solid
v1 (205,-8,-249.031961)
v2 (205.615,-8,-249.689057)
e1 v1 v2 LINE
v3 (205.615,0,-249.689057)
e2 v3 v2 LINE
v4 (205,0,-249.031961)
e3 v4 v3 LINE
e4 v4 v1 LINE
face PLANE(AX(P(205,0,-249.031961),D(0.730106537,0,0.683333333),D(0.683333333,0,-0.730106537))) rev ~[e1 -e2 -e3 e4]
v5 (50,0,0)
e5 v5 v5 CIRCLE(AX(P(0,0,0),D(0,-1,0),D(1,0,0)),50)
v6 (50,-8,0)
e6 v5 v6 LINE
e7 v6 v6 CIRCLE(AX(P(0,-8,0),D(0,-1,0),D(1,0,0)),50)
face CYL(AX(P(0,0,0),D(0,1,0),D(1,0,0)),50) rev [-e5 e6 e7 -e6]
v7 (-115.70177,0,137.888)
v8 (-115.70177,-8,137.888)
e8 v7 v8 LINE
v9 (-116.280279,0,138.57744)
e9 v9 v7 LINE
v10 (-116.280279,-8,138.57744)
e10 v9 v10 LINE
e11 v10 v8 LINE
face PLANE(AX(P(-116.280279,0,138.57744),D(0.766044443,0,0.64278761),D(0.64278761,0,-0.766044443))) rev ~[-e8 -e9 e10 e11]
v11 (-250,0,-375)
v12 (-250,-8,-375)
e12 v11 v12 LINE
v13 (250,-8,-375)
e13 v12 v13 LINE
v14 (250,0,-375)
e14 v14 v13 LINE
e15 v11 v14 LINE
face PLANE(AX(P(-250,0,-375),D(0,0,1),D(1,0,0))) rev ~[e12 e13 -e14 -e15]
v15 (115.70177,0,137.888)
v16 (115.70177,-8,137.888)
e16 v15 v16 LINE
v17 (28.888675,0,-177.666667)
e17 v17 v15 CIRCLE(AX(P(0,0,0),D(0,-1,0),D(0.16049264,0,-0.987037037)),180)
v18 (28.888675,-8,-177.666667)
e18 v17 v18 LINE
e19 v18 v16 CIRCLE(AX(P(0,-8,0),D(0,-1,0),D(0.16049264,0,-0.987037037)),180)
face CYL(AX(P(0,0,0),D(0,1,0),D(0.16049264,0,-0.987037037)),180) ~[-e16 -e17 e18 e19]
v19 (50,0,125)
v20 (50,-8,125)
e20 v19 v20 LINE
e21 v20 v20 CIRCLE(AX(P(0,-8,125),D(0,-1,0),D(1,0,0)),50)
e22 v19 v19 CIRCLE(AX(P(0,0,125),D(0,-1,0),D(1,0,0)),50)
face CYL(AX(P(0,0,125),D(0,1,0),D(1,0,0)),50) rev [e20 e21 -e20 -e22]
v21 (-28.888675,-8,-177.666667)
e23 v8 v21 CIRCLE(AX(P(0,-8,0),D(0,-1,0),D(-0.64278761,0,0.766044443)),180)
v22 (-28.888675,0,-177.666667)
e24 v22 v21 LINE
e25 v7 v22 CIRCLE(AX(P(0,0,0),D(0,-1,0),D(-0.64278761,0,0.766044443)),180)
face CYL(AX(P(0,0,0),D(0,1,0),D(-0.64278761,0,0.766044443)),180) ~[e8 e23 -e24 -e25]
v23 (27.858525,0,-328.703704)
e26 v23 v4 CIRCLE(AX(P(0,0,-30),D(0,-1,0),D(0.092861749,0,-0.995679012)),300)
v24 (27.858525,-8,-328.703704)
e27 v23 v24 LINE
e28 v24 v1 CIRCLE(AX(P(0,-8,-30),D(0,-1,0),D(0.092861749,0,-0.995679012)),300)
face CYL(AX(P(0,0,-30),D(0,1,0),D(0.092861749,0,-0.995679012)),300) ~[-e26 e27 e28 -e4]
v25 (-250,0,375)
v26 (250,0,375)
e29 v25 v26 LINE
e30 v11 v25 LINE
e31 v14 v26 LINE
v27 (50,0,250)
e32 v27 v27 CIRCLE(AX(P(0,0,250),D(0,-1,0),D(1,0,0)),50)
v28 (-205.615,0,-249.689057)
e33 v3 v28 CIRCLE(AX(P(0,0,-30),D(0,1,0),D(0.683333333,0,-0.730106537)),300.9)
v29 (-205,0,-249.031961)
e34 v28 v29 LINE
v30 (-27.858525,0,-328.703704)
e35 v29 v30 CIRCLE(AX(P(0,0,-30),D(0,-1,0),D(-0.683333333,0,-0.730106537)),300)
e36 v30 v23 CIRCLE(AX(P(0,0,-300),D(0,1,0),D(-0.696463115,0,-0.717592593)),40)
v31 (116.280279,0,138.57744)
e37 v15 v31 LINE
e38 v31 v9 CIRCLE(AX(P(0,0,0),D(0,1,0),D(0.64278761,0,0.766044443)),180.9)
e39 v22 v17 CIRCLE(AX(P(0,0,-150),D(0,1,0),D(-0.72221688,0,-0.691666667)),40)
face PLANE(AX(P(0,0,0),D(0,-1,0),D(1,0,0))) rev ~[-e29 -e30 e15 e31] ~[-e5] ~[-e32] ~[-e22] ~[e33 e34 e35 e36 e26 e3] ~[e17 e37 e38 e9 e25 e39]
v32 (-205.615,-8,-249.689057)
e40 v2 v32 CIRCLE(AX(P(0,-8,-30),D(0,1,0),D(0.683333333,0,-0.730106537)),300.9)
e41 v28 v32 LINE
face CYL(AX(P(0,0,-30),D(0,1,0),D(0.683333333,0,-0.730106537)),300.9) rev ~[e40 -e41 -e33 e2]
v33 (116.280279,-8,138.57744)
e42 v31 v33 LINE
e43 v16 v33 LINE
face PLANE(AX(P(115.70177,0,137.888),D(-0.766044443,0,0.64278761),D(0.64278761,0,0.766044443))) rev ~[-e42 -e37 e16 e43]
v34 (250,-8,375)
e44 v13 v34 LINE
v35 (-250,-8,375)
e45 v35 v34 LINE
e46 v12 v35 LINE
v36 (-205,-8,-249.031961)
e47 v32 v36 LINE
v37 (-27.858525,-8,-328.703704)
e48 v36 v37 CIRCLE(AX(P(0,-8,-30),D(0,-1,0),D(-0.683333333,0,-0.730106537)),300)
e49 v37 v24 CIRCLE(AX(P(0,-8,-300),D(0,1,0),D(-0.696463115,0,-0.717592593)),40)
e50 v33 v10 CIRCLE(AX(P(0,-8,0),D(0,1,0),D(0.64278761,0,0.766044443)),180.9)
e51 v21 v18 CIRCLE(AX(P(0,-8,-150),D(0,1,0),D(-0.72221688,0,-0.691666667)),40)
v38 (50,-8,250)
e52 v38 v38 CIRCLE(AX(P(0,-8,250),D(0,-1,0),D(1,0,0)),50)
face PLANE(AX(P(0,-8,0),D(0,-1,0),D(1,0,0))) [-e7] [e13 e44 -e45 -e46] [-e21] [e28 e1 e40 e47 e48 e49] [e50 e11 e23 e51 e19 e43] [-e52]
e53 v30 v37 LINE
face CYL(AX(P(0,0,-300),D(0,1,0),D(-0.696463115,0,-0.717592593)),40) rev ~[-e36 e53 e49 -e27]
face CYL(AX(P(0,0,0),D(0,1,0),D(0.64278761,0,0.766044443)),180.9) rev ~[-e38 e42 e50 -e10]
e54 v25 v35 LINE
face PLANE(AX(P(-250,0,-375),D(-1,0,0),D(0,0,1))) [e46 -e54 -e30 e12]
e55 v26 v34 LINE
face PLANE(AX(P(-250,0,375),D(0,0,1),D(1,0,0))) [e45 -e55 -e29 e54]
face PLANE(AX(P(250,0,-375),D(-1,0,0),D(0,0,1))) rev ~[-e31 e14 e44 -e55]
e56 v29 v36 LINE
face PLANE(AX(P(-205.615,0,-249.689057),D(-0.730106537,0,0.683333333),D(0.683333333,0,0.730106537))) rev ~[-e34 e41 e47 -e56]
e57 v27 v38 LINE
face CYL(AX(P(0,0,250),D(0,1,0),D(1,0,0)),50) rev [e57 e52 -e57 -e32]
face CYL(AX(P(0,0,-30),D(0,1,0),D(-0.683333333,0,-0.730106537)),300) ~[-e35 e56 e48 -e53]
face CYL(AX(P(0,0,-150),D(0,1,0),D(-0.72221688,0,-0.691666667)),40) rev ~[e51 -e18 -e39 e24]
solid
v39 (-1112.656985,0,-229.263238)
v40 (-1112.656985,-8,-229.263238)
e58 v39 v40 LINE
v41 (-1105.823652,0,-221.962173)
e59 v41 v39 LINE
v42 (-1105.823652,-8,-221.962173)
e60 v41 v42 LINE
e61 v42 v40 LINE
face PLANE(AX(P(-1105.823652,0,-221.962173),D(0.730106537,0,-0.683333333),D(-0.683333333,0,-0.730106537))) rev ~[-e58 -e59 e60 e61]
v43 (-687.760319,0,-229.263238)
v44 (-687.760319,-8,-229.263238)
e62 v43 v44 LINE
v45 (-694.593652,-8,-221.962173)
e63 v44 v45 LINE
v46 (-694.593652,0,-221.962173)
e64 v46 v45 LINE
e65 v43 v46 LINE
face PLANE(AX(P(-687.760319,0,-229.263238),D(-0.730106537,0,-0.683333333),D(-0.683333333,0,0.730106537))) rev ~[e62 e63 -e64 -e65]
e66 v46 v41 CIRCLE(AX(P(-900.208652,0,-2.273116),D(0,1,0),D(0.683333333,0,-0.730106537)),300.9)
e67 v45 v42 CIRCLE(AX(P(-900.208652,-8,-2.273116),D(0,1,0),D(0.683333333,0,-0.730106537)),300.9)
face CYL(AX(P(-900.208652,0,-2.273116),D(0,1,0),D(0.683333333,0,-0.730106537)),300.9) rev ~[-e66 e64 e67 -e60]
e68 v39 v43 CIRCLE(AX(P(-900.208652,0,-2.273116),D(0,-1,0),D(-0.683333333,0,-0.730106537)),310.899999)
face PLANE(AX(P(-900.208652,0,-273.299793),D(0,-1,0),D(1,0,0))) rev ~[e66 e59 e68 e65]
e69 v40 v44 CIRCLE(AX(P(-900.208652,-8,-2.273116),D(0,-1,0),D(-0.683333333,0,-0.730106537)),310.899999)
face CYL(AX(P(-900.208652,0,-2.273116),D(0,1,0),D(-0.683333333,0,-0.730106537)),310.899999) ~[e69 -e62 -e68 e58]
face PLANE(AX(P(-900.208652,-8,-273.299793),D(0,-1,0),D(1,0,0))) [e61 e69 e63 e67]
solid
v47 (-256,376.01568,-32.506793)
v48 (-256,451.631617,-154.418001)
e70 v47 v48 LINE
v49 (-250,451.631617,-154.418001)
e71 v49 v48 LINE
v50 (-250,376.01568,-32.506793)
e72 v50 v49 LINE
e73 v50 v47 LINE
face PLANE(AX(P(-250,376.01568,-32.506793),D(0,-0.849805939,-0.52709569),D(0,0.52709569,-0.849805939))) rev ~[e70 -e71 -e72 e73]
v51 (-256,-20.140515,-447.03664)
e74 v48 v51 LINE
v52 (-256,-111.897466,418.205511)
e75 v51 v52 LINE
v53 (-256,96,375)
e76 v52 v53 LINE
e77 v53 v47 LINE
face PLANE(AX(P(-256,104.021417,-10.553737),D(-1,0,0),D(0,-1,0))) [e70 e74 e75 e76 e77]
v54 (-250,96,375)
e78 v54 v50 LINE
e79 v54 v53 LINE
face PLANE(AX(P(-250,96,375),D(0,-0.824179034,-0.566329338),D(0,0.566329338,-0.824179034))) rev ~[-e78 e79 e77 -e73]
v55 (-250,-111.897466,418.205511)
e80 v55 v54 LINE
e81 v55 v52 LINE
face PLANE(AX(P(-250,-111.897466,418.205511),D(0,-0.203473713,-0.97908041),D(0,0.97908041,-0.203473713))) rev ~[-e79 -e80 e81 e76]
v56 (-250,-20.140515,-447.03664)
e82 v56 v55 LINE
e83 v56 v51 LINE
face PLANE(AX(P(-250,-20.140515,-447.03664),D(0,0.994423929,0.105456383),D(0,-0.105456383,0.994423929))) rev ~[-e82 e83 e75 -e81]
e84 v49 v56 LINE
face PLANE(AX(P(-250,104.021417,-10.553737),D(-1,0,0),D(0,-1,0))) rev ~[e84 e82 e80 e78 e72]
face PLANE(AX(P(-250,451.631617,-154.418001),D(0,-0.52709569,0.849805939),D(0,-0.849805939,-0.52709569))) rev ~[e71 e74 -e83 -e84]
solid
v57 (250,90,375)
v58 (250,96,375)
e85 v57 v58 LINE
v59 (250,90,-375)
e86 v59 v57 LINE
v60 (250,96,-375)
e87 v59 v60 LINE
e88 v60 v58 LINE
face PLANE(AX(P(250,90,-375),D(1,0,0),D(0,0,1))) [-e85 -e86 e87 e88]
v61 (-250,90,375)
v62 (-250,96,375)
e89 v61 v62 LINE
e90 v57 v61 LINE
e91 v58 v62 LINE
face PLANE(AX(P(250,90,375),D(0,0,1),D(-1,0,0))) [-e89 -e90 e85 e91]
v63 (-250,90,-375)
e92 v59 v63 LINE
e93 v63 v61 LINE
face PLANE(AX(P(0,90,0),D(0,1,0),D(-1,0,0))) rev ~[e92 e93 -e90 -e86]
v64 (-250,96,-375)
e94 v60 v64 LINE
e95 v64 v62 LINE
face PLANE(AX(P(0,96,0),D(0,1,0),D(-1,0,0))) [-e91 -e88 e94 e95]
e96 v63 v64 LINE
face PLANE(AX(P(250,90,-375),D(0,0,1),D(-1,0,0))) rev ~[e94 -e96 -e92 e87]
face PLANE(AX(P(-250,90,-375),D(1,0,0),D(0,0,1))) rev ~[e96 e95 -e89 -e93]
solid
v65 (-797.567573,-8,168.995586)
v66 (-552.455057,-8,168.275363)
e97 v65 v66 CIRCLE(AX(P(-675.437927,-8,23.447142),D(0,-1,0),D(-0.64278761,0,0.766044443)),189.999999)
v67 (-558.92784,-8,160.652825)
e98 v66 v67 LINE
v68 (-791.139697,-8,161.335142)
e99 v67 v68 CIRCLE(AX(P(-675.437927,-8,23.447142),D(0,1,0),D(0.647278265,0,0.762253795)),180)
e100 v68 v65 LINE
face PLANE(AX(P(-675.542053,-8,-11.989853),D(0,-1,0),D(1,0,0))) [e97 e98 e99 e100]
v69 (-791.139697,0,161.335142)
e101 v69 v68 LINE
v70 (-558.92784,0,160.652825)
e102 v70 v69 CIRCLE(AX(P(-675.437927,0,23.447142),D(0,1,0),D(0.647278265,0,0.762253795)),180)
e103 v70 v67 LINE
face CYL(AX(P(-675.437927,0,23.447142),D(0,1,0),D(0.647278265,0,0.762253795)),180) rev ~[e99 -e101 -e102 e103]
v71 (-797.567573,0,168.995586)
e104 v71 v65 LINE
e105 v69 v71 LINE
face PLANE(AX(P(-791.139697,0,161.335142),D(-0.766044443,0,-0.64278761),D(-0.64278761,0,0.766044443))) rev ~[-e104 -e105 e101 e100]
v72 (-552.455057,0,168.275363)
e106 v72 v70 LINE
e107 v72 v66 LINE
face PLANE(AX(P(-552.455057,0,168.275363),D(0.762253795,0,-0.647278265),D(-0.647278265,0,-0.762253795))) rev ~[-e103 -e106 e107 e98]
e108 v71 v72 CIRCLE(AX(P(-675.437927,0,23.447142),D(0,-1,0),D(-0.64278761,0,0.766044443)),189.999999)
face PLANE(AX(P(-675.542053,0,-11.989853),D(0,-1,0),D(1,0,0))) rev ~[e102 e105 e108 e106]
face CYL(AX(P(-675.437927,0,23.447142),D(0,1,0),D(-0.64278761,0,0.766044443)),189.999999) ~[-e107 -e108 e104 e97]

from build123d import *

# Parameters (mm, degrees)
F0_W     = 500
F0_H     = 750
F0_R     = 50
F1_DEPTH = 8
F3_W     = 500
F3_H     = 750
F4_DEPTH = 6
F6_DEPTH = 6
F7_W     = 8.6669959128
F7_H     = 10.1114958525
F8_DEPTH = 120
F7_W_2   = 10.1114958525
F7_H_2   = 7.9447329044
F7_W_3   = 10.4023874094


with BuildPart() as f1:
    # F0 (on Front) → F1 (new body)
    with BuildSketch(Plane.XZ):
        Rectangle(F0_W, F0_H)
        with BuildLine():
            ThreePointArc((-27.8585246144, -328.7037037037), (0, -260), (27.8585246144, -328.7037037037))
            ThreePointArc((27.8585246144, -328.7037037037), (123.0555555928, -303.6006766032), (205, -249.0319611381))
            Line((205, -249.0319611381), (205.615, -249.6890570215))
            ThreePointArc((205.615, -249.6890570215), (0, -330.9), (-205.615, -249.6890570215))
            Line((-205.615, -249.6890570215), (-205, -249.0319611381))
            ThreePointArc((-205, -249.0319611381), (-123.0555555928, -303.6006766032), (-27.8585246144, -328.7037037037))
        make_face(mode=Mode.SUBTRACT)
        with BuildLine():
            ThreePointArc((-28.8886752129, -177.6666666667), (0, -110), (28.8886752129, -177.6666666667))
            ThreePointArc((28.8886752129, -177.6666666667), (173.5519693617, -47.7463499201), (115.7017697436, 137.8879997614))
            Line((115.7017697436, 137.8879997614), (116.2802785923, 138.5774397602))
            ThreePointArc((116.2802785923, 138.5774397602), (0, -180.9), (-116.2802785923, 138.5774397602))
            Line((-116.2802785923, 138.5774397602), (-115.7017697436, 137.8879997614))
            ThreePointArc((-115.7017697436, 137.8879997614), (-173.5519693617, -47.7463499201), (-28.8886752129, -177.6666666667))
        make_face(mode=Mode.SUBTRACT)
        Circle(F0_R, mode=Mode.SUBTRACT)
        with Locations((0, 125)):
            Circle(F0_R, mode=Mode.SUBTRACT)
        with Locations((0, 250)):
            Circle(F0_R, mode=Mode.SUBTRACT)
    extrude(amount=F1_DEPTH)


with BuildPart() as f1b:
    # F0 (on Front) → F1, piece 2 (new body)
    with BuildSketch(Plane.XZ):
        with BuildLine():
            ThreePointArc((-558.9278396272, 160.6528254497), (-675.9668255761, -156.5520806408), (-791.1396969897, 161.3351420816))
            Line((-791.1396969897, 161.3351420816), (-797.5675727374, 168.9955860967))
            ThreePointArc((-797.5675727374, 168.9955860967), (-675.996208815, -166.5520369288), (-552.4550573332, 168.2753629873))
            Line((-552.4550573332, 168.2753629873), (-558.9278396272, 160.6528254497))
        make_face()
    extrude(amount=F1_DEPTH)


with BuildPart() as f1c:
    # F0 (on Front) → F1, piece 3 (new body)
    with BuildSketch(Plane.XZ):
        with BuildLine():
            ThreePointArc((-694.5936520195, -221.9621728305), (-900.2086520195, -303.173115809), (-1105.8236520195, -221.9621728305))
            Line((-1105.8236520195, -221.9621728305), (-1112.6569849732, -229.2632377962))
            ThreePointArc((-1112.6569849732, -229.2632377962), (-900.2086520195, -313.1731152534), (-687.7603190658, -229.2632377962))
            Line((-687.7603190658, -229.2632377962), (-694.5936520195, -221.9621728305))
        make_face()
    extrude(amount=F1_DEPTH)


with BuildPart() as f4:
    # F3 (on offset) → F4 (new body)
    with BuildSketch(Plane(origin=(0, 90, 0), x_dir=(-1, 0, 0), z_dir=(0, 1, 0))):
        Rectangle(F3_W, F3_H)
    extrude(amount=F4_DEPTH)


with BuildPart() as f6:
    # F5 (on face) → F6 (new body)
    with BuildSketch(Plane(origin=(-250, 0, 0), x_dir=(0, -1, 0), z_dir=(-1, 0, 0))):
        Polygon((-451.6316167585, -154.4180014579), (20.1405147497, -447.0366402985), (111.8974655583, 418.2055107517), (-96, 375), (-376.0156796793, -32.5067932273), align=None)
    extrude(amount=F6_DEPTH)


with BuildPart() as f8:
    # F7 (on face) → F8 (new body)
    with BuildSketch(Plane.XZ.offset(8)):
        with Locations((61.6839509457, -200.20904392)):
            Rectangle(F7_W, F7_H)
    extrude(amount=-F8_DEPTH)


with BuildPart() as f8b:
    # F7 (on face) → F8, piece 2 (new body)
    with BuildSketch(Plane.XZ.offset(8)):
        with Locations((-228.6602780223, -233.793631196)):
            Rectangle(F7_W_2, F7_H_2)
    extrude(amount=-F8_DEPTH)


with BuildPart() as f8c:
    # F7 (on face) → F8, piece 3 (new body)
    with BuildSketch(Plane.XZ.offset(8)):
        with Locations((-111.0790848876, -221.8765243888)):
            Rectangle(F7_W_3, F7_H)
    extrude(amount=-F8_DEPTH)


solid = Compound([f1.part, f1b.part, f1c.part, f4.part, f6.part])
